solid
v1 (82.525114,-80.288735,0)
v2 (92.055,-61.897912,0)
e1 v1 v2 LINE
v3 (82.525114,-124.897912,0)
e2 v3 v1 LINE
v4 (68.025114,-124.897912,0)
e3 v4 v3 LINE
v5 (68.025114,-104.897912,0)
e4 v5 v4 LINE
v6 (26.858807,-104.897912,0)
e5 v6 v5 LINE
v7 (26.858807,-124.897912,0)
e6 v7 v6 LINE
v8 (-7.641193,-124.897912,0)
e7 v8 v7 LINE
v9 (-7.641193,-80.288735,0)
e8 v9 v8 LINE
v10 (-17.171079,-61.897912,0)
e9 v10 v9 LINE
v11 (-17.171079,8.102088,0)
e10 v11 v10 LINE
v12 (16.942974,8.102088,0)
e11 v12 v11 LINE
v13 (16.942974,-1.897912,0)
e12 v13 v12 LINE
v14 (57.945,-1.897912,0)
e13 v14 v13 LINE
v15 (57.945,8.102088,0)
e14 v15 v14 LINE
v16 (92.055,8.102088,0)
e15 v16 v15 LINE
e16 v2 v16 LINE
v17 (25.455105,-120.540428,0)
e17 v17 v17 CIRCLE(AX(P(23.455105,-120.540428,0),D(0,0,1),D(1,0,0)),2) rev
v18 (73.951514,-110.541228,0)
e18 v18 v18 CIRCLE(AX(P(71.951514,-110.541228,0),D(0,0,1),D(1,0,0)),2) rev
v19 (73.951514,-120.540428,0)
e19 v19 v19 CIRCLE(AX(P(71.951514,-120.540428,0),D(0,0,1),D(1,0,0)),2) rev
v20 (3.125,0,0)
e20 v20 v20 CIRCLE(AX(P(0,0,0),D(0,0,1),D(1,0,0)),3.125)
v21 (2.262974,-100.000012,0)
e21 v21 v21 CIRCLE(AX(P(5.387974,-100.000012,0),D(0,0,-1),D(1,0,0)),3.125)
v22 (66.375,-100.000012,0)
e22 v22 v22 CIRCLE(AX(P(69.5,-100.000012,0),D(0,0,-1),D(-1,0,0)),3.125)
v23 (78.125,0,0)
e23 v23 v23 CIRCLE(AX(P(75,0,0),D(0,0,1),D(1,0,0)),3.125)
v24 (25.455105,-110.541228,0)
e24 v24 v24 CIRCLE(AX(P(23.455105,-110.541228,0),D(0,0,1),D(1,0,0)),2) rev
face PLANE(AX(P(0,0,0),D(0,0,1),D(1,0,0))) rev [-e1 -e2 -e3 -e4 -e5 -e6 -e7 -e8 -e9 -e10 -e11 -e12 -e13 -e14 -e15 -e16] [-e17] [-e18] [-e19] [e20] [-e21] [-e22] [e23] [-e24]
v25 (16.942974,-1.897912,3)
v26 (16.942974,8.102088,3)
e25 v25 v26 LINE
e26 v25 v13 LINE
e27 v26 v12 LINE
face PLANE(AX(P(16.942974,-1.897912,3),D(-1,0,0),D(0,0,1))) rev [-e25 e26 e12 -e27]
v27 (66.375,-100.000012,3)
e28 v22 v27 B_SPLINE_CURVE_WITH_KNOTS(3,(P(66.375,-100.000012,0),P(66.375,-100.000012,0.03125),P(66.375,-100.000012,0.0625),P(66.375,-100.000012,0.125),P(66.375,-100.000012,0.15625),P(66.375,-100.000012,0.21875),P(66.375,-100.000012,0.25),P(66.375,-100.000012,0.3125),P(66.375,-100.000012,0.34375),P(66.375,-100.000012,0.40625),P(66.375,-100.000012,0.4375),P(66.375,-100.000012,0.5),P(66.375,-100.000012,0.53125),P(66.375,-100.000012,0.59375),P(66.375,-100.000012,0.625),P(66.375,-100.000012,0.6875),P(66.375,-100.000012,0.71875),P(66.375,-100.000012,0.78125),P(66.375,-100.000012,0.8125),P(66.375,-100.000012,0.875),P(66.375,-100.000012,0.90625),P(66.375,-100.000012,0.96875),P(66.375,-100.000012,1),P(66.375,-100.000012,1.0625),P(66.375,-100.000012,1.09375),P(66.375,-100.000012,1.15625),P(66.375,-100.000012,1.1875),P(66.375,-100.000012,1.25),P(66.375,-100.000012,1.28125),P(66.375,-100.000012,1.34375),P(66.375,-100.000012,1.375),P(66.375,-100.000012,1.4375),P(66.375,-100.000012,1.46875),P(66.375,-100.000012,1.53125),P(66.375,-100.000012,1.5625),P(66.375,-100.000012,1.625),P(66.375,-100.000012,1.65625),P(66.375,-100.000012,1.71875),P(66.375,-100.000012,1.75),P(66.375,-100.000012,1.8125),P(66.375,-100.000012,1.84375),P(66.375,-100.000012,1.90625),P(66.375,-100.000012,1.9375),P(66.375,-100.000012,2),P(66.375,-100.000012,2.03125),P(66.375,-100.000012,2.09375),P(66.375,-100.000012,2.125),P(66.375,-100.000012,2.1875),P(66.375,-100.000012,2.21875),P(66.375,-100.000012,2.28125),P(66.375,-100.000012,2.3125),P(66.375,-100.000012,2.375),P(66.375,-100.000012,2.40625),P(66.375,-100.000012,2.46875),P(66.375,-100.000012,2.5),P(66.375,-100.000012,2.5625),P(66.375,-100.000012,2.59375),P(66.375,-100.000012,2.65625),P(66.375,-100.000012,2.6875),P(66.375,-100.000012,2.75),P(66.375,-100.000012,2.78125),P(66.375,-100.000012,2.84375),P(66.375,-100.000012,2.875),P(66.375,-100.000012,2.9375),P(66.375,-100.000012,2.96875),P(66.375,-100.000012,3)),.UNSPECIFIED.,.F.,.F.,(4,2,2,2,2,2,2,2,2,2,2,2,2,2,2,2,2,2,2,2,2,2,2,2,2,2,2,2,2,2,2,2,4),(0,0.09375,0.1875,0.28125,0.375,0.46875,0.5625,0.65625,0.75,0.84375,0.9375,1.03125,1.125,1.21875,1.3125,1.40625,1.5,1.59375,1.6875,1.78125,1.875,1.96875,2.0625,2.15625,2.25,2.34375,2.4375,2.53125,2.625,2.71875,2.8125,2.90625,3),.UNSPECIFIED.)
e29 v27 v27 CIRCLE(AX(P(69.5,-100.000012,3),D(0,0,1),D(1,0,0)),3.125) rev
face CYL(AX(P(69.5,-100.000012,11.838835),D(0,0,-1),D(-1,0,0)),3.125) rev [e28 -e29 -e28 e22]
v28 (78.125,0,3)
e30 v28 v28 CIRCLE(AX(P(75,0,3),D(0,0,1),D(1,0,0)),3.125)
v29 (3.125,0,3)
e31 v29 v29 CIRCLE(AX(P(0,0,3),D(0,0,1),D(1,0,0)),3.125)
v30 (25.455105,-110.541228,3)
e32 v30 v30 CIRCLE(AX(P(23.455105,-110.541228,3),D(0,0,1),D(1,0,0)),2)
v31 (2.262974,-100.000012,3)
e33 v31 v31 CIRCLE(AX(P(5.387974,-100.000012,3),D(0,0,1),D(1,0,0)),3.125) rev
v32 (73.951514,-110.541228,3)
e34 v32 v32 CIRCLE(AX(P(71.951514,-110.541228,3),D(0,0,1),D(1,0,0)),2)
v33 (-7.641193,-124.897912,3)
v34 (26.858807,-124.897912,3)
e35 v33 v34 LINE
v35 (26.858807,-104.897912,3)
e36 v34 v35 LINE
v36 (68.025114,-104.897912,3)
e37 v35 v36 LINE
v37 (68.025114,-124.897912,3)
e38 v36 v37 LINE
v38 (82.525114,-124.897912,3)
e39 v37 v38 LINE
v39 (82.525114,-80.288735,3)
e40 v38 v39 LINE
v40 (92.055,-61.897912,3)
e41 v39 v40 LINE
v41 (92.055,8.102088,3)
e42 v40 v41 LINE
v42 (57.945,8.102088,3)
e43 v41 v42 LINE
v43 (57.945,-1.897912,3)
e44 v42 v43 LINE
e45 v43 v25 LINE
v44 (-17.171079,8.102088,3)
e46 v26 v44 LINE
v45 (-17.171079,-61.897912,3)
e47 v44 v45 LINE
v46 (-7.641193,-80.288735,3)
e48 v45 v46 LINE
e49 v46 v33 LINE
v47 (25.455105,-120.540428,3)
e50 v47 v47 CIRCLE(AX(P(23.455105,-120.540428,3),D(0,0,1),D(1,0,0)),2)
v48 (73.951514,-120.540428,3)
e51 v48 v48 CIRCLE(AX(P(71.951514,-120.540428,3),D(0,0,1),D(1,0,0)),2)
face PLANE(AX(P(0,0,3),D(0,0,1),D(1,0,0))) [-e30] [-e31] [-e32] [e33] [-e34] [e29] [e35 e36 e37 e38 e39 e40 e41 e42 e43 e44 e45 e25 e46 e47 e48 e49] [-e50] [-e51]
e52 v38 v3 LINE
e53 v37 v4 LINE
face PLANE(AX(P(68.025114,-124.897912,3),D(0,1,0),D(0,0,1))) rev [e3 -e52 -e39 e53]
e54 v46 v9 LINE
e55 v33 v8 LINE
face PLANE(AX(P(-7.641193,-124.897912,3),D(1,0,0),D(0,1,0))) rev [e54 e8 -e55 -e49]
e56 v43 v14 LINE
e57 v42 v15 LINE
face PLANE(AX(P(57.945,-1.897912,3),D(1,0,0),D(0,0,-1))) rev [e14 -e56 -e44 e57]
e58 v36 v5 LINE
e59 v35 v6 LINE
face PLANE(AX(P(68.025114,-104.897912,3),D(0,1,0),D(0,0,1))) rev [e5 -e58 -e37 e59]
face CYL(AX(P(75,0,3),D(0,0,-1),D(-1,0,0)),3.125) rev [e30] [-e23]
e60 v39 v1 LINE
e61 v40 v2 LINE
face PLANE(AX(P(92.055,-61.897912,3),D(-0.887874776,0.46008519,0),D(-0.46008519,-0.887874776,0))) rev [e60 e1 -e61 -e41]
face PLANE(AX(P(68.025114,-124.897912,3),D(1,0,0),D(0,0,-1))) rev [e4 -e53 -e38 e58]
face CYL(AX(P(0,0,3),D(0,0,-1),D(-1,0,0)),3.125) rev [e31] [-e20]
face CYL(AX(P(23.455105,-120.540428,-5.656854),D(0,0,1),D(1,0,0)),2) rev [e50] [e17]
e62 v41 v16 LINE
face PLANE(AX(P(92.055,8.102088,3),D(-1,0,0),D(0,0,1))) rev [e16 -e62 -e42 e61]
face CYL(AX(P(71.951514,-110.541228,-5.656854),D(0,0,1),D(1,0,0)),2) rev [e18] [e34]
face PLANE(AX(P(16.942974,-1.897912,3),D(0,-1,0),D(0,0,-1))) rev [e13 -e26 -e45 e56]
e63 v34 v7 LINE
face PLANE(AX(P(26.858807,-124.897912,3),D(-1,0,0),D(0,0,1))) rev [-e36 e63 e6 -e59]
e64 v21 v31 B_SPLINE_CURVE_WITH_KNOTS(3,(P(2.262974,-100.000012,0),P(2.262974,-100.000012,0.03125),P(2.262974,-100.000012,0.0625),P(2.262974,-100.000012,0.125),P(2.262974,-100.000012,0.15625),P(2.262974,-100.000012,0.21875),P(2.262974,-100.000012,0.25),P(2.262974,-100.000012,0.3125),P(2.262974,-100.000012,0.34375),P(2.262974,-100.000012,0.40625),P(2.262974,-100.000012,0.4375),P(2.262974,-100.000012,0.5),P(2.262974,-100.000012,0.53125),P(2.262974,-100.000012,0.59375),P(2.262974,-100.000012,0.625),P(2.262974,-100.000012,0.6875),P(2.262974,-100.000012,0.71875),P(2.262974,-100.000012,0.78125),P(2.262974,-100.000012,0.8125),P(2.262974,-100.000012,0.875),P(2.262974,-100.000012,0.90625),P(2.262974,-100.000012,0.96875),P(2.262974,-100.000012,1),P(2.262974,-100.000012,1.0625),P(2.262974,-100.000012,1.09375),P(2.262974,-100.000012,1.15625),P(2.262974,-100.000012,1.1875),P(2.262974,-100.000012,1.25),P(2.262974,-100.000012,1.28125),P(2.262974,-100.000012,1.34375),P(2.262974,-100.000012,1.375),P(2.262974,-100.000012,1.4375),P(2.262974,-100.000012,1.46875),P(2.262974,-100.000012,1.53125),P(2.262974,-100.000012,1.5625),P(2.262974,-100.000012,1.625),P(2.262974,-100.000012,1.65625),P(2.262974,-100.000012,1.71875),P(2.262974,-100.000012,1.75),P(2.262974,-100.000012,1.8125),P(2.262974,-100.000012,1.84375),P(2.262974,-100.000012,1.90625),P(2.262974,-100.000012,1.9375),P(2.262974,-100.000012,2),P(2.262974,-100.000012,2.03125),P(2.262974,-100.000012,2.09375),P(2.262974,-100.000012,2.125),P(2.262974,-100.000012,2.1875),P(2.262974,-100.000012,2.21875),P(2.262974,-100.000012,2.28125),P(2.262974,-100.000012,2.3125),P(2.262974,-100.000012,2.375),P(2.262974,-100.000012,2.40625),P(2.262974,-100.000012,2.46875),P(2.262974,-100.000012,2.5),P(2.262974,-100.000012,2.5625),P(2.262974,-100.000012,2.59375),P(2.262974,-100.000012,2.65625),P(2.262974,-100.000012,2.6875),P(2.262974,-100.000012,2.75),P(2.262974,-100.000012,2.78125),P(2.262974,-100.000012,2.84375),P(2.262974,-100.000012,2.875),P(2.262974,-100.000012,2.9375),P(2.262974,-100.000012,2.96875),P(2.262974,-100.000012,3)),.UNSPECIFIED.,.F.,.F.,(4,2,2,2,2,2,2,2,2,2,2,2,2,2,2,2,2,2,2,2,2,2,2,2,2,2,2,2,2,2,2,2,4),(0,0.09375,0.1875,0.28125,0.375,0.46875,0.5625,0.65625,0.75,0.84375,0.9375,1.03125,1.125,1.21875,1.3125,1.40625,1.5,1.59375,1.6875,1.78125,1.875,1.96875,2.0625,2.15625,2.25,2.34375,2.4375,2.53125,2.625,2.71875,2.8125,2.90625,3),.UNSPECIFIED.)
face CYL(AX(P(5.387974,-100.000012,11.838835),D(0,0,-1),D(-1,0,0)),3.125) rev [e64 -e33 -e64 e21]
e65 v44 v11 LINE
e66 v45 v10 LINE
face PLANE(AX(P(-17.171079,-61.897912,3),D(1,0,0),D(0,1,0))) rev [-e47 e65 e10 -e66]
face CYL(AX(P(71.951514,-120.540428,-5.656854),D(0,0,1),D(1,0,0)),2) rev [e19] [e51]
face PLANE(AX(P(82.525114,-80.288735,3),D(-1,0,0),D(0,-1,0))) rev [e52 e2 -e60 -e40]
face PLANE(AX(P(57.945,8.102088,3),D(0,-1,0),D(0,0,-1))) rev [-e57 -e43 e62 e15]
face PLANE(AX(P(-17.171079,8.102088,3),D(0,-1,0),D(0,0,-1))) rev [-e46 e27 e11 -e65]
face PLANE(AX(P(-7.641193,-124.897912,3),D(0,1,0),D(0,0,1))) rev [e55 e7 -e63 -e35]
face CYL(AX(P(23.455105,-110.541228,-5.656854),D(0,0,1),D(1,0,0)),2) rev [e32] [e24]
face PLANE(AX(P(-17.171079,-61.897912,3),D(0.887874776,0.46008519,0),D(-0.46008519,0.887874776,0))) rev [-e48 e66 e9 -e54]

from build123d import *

# Parameters (mm, degrees)
SKETCH1_R           = 3.125
BOSS_EXTRUDE1_DEPTH = 3
SKETCH2_R           = 2
CUT_EXTRUDE1_DEPTH  = 3
SKETCH3_R           = 3.125
CUT_EXTRUDE2_DEPTH  = 3


with BuildPart() as part:
    # Sketch1 → Boss-Extrude1 (new body)
    with BuildSketch(Plane.XY):
        Polygon((-17.171078522, 8.102088167), (16.942973826, 8.102088167), (16.942973826, -1.897911833), (57.945, -1.897911833), (57.945, 8.102088167), (92.055, 8.102088167), (92.055, -61.897911833), (82.525114176, -80.288734737), (82.525114176, -124.897911833), (68.025114176, -124.897911833), (68.025114176, -104.897911833), (26.858807303, -104.897911833), (26.858807303, -124.897911833), (-7.641192697, -124.897911833), (-7.641192697, -80.288734737), (-17.171078522, -61.897911833), align=None)
        Circle(SKETCH1_R, mode=Mode.SUBTRACT)
        with Locations((75, 0)):
            Circle(SKETCH1_R, mode=Mode.SUBTRACT)
    extrude(amount=BOSS_EXTRUDE1_DEPTH)

    # Sketch2 → Cut-Extrude1 (cut)
    with BuildSketch(Plane.XY.offset(3)):
        with Locations((71.951514176, -120.540427833)):
            Circle(SKETCH2_R)
        with Locations((71.951514176, -110.541227833)):
            Circle(SKETCH2_R)
        with Locations((23.455105176, -120.540427833)):
            Circle(SKETCH2_R)
        with Locations((23.455105176, -110.541227833)):
            Circle(SKETCH2_R)
    extrude(amount=-CUT_EXTRUDE1_DEPTH, mode=Mode.SUBTRACT)

    # Sketch3 → Cut-Extrude2 (cut)
    with BuildSketch(Plane(origin=(0, 0, 0), x_dir=(-1, 0, 0), z_dir=(0, 0, -1))):
        with Locations((-69.500000176, -100.000011833)):
            Circle(SKETCH3_R)
        with Locations((-5.387973651, -100.000011833)):
            Circle(SKETCH3_R)
    extrude(amount=-CUT_EXTRUDE2_DEPTH, mode=Mode.SUBTRACT)


solid = part.part
